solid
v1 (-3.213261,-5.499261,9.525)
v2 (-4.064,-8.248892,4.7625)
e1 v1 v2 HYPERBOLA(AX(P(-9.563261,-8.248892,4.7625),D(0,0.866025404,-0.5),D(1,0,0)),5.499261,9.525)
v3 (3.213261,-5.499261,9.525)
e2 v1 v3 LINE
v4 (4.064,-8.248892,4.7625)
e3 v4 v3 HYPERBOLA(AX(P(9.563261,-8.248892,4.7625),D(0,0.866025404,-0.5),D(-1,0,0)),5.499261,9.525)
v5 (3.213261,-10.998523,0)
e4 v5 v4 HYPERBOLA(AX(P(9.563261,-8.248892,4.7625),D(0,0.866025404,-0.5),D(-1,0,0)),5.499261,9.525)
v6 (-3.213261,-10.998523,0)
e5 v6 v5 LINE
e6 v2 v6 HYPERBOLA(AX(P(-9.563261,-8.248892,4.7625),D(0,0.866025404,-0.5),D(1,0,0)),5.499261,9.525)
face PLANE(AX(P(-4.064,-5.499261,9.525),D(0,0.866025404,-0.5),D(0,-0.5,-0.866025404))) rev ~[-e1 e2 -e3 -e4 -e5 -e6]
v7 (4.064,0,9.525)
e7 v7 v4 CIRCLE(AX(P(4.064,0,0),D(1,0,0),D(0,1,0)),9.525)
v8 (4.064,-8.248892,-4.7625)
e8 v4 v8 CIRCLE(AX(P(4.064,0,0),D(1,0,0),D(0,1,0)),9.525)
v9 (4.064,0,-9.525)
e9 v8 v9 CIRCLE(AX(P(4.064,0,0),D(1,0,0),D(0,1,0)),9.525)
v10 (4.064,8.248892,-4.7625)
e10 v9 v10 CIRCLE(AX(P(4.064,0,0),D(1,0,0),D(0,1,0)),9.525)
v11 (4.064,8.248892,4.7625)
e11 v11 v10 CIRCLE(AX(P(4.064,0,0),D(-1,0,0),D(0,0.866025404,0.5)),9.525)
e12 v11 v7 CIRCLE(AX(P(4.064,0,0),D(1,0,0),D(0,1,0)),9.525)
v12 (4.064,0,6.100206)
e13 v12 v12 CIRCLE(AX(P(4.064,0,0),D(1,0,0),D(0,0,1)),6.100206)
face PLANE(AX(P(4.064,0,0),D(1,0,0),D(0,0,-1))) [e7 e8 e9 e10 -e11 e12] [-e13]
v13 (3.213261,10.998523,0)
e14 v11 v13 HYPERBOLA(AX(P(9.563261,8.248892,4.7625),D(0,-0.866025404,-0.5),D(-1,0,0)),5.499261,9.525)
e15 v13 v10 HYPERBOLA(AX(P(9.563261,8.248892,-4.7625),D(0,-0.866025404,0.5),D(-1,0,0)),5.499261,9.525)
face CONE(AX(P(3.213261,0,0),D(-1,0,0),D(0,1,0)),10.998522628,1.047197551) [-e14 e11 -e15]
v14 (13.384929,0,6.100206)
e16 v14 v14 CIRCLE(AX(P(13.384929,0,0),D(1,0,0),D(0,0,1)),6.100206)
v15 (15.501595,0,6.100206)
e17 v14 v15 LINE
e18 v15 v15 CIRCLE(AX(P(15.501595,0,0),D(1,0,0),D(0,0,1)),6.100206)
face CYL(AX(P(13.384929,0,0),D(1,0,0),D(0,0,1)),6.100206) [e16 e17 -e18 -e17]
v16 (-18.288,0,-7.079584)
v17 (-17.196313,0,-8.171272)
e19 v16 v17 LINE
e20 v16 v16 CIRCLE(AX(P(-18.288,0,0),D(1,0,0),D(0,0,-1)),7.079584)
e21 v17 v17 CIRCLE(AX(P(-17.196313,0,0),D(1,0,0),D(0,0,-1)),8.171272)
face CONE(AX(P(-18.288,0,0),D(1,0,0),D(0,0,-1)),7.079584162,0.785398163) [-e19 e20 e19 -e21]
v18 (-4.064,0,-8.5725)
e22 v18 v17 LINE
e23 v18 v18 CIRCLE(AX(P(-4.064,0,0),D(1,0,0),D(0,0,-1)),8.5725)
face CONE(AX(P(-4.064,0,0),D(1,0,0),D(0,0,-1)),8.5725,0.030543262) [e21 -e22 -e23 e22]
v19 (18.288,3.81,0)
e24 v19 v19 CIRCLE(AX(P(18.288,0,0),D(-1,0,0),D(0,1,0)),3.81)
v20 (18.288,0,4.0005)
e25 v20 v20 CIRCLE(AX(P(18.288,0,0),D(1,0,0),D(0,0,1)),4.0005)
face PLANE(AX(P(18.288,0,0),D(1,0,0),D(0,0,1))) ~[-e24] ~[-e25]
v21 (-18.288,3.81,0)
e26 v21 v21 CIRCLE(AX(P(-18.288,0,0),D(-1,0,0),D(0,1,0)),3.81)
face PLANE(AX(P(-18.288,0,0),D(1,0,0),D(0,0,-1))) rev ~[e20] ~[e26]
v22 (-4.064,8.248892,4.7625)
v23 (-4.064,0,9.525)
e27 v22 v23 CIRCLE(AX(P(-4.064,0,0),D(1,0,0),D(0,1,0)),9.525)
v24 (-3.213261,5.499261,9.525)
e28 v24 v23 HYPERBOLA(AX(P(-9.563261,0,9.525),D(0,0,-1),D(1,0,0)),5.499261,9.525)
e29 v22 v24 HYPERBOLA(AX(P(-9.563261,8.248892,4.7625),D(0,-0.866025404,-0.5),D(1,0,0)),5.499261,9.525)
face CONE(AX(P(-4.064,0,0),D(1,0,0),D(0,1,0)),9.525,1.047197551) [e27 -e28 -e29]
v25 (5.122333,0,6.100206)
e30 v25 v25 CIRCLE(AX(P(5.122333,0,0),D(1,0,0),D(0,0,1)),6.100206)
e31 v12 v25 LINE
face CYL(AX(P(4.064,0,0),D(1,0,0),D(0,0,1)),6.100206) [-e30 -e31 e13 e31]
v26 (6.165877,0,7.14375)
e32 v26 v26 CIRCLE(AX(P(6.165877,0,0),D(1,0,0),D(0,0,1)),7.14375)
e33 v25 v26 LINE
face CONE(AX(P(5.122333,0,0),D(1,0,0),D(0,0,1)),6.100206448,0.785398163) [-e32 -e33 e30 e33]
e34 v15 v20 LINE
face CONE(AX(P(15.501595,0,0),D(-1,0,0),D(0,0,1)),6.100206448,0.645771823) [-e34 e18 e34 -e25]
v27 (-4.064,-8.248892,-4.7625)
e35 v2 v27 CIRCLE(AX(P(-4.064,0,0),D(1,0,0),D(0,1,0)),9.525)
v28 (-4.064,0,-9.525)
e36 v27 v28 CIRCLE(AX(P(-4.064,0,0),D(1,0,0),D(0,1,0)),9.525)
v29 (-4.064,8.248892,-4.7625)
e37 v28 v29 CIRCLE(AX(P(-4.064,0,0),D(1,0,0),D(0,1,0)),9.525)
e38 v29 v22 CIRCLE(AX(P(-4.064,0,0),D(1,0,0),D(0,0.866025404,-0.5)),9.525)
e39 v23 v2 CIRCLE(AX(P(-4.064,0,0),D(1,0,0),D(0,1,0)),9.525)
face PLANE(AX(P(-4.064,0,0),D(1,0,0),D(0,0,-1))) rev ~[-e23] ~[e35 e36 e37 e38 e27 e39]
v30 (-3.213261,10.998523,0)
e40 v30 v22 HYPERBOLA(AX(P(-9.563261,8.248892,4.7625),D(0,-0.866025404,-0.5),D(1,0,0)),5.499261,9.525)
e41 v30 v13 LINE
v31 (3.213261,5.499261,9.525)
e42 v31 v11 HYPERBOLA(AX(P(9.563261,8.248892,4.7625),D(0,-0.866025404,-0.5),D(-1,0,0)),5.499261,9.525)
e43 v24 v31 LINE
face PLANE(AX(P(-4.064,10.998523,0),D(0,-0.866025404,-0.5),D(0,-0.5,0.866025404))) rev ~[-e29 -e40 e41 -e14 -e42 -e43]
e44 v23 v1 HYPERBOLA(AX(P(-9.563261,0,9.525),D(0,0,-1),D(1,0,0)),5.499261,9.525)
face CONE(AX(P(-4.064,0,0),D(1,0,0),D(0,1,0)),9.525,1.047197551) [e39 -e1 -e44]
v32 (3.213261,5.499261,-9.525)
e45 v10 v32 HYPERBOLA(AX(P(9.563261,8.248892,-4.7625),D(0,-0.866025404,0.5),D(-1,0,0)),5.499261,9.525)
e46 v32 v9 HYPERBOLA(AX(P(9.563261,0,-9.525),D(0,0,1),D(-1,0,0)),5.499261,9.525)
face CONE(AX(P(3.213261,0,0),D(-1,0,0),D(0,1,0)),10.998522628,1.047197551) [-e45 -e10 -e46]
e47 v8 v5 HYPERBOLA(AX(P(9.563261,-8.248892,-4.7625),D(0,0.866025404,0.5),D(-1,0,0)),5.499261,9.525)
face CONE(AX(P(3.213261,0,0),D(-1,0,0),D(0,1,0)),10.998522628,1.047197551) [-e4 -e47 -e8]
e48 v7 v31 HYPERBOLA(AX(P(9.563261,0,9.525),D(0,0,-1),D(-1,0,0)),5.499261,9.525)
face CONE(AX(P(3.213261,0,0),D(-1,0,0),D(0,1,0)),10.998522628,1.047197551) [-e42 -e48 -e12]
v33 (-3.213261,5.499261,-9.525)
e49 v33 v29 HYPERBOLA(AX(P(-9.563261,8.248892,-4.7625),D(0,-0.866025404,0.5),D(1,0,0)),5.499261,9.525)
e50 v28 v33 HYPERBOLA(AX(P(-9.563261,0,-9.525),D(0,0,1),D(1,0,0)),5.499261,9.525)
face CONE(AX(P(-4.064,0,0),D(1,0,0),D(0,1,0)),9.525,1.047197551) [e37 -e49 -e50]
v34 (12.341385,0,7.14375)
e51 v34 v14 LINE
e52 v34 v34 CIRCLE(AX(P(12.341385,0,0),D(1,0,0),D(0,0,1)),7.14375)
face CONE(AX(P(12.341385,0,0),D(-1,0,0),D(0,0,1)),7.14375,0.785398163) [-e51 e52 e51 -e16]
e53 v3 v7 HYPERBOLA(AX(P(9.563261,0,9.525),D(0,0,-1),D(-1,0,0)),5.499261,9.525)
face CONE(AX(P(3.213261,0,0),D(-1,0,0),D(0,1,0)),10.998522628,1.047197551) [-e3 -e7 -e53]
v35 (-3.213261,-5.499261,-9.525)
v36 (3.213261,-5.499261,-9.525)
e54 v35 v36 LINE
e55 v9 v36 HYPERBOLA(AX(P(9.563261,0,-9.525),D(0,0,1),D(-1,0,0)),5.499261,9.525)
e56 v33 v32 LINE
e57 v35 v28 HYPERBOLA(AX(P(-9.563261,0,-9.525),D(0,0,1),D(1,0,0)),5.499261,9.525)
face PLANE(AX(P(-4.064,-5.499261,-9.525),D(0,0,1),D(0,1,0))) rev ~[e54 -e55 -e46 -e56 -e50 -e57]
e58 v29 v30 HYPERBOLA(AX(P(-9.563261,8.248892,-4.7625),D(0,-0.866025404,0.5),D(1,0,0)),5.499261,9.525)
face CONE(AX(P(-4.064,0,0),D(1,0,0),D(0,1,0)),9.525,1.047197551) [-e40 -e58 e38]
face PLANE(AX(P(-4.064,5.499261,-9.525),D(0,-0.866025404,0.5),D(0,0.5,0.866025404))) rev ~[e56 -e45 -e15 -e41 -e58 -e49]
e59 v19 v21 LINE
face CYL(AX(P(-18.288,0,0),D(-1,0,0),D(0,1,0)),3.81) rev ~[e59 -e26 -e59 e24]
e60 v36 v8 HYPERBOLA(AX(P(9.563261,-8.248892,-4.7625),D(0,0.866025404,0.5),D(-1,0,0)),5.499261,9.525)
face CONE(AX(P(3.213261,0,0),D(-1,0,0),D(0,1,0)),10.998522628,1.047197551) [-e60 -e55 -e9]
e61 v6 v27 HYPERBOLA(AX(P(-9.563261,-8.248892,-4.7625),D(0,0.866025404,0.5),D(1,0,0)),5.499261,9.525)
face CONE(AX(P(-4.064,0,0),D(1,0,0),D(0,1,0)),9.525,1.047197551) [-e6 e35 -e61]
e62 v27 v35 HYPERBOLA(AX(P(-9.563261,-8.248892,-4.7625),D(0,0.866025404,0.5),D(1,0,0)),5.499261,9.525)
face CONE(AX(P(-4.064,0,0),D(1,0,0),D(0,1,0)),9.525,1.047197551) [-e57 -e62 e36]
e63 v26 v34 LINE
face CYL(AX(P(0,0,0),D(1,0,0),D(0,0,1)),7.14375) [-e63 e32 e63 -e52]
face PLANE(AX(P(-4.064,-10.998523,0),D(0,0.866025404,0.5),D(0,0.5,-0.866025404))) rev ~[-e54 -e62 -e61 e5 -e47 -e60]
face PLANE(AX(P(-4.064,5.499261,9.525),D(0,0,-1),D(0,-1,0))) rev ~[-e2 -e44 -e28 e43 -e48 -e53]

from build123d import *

# Parameters (mm, degrees)
SKETCH6_W           = 36.576
SKETCH6_H           = 7.14375
EXTRUDE1_DEPTH      = 8.128
SKETCH7_W           = 36.576
SKETCH7_H           = 3.81
SKETCH17_R          = 7.14375
CUT_EXTRUDE1_DEPTH  = 14.224
SKETCH19_R          = 8.5725
BOSS_EXTRUDE1_DEPTH = 14.224
BOSS_EXTRUDE1_DRAFT = -1.75
CHAMFER1_SIZE       = 1.058333333
CHAMFER1_SIZE2      = 1.092196811
SKETCH22_R          = 8.5725
BOSS_EXTRUDE3_DEPTH = 14.224
BOSS_EXTRUDE3_DRAFT = -15
SKETCH23_R          = 3.81
CUT_EXTRUDE2_DEPTH  = 14.224


with BuildPart() as part:
    # Sketch6 → Revolve3 (revolve)
    with BuildSketch(Plane.XY, mode=Mode.PRIVATE) as revolve3_sk:
        with Locations((0, 3.571875)):
            Rectangle(SKETCH6_W, SKETCH6_H)
    revolve(revolve3_sk.sketch.rotate(Axis((-18.288, 0, 0), (1, 0, 0)), 90), axis=Axis((-18.288, 0, 0), (1, 0, 0)))

    # Sketch12 → Extrude1 (add)
    with BuildSketch(Plane(origin=(-4.064, 0, 0), x_dir=(0, 0, -1), z_dir=(1, 0, 0))):
        Polygon((0, 10.998522628), (-9.525, 5.499261314), (-9.525, -5.499261314), (0, -10.998522628), (9.525, -5.499261314), (9.525, 5.499261314), align=None)
    extrude(amount=EXTRUDE1_DEPTH)

    # Sketch10 → Cut-Revolve6 (revolve, cut)
    with BuildSketch(Plane.XY, mode=Mode.PRIVATE) as cut_revolve6_sk:
        Polygon((6.165876886, 7.14375), (4.064, 7.14375), (4.064, 6.100206448), (5.122333333, 6.100206448), align=None)
        Polygon((18.288, 7.14375), (12.341385213, 7.14375), (13.384928765, 6.100206448), (15.501595432, 6.100206448), (18.288, 4.0005), align=None)
    revolve(cut_revolve6_sk.sketch.rotate(Axis((-18.288, 0, 0), (1, 0, 0)), 90), axis=Axis((-18.288, 0, 0), (1, 0, 0)), mode=Mode.SUBTRACT)

    # Sketch7 → Cut-Revolve5 (revolve, cut)
    with BuildSketch(Plane.XY):
        with Locations((0, 1.905)):
            Rectangle(SKETCH7_W, SKETCH7_H)
    revolve(axis=Axis((18.288, 0, 0), (-1, 0, 0)), mode=Mode.SUBTRACT)

    # Sketch13 → Cut-Revolve7 (revolve, cut)
    with BuildSketch(Plane.XY):
        Polygon((-4.064, 10.998522628), (-4.064, 9.525), (-3.213261314, 10.998522628), align=None)
        Polygon((3.213261314, 10.998522628), (4.064, 9.525), (4.064, 10.998522628), align=None)
    revolve(axis=Axis((-18.288, 0, 0), (1, 0, 0)), mode=Mode.SUBTRACT)

    # Sketch17 → Cut-Extrude1 (cut)
    with BuildSketch(Plane.ZY.offset(18.288)):
        Circle(SKETCH17_R)
    extrude(amount=-CUT_EXTRUDE1_DEPTH, mode=Mode.SUBTRACT)


with BuildPart() as body_2:
    # Sketch19 → Boss-Extrude1 (with draft: the straight prism first)
    with BuildSketch(Plane(origin=(-4.064, 0, 0), x_dir=(0, 0, -1), z_dir=(1, 0, 0))):
        Circle(SKETCH19_R)
    extrude(amount=-BOSS_EXTRUDE1_DEPTH)
    # Boss-Extrude1: the draft: its side faces are tilted about the plane it starts from
    boss_extrude1_sides = [body_2.faces().sort_by_distance(p)[0] for p in [
        (-11.176, 0, 8.5725),
    ]]
    draft(boss_extrude1_sides, Plane(origin=(-4.064, 0, 0), x_dir=(0, 0, -1), z_dir=(1, 0, 0)), BOSS_EXTRUDE1_DRAFT)

    # Chamfer1
    chamfer1_edges = [body_2.edges().sort_by_distance(p)[0] for p in [
        (-18.288, 0, 8.137917495),
    ]]
    chamfer1_side = [body_2.faces().sort_by_distance(p)[0] for p in [
        (-18.288, 0, 0),
    ]]
    chamfer(chamfer1_edges, length=CHAMFER1_SIZE, length2=CHAMFER1_SIZE2, reference=chamfer1_side[0])


with BuildPart() as boss_extrude3_tool:
    # Sketch22 → Boss-Extrude3 (with draft: the straight prism first)
    with BuildSketch(Plane(origin=(-4.064, 0, 0), x_dir=(0, 0, -1), z_dir=(1, 0, 0))):
        Circle(SKETCH22_R)
    extrude(amount=-BOSS_EXTRUDE3_DEPTH)
    # Boss-Extrude3: the draft: its side faces are tilted about the plane it starts from
    boss_extrude3_sides = [boss_extrude3_tool.faces().sort_by_distance(p)[0] for p in [
        (-11.176, 0, 8.5725),
    ]]
    draft(boss_extrude3_sides, Plane(origin=(-4.064, 0, 0), x_dir=(0, 0, -1), z_dir=(1, 0, 0)), BOSS_EXTRUDE3_DRAFT)


with BuildPart() as body_2_1:
    add(body_2.part)

    # Boss-Extrude3: add boss_extrude3_tool
    add(boss_extrude3_tool.part)

    # Combine1: union part
    add(part.part)

    # Sketch23 → Cut-Extrude2 (cut)
    with BuildSketch(Plane.ZY.offset(18.288)):
        with Locations(Location((0, 0, 0), (0, 0, 90))):
            Circle(SKETCH23_R)
    extrude(amount=-CUT_EXTRUDE2_DEPTH, mode=Mode.SUBTRACT)


solid = body_2_1.part
